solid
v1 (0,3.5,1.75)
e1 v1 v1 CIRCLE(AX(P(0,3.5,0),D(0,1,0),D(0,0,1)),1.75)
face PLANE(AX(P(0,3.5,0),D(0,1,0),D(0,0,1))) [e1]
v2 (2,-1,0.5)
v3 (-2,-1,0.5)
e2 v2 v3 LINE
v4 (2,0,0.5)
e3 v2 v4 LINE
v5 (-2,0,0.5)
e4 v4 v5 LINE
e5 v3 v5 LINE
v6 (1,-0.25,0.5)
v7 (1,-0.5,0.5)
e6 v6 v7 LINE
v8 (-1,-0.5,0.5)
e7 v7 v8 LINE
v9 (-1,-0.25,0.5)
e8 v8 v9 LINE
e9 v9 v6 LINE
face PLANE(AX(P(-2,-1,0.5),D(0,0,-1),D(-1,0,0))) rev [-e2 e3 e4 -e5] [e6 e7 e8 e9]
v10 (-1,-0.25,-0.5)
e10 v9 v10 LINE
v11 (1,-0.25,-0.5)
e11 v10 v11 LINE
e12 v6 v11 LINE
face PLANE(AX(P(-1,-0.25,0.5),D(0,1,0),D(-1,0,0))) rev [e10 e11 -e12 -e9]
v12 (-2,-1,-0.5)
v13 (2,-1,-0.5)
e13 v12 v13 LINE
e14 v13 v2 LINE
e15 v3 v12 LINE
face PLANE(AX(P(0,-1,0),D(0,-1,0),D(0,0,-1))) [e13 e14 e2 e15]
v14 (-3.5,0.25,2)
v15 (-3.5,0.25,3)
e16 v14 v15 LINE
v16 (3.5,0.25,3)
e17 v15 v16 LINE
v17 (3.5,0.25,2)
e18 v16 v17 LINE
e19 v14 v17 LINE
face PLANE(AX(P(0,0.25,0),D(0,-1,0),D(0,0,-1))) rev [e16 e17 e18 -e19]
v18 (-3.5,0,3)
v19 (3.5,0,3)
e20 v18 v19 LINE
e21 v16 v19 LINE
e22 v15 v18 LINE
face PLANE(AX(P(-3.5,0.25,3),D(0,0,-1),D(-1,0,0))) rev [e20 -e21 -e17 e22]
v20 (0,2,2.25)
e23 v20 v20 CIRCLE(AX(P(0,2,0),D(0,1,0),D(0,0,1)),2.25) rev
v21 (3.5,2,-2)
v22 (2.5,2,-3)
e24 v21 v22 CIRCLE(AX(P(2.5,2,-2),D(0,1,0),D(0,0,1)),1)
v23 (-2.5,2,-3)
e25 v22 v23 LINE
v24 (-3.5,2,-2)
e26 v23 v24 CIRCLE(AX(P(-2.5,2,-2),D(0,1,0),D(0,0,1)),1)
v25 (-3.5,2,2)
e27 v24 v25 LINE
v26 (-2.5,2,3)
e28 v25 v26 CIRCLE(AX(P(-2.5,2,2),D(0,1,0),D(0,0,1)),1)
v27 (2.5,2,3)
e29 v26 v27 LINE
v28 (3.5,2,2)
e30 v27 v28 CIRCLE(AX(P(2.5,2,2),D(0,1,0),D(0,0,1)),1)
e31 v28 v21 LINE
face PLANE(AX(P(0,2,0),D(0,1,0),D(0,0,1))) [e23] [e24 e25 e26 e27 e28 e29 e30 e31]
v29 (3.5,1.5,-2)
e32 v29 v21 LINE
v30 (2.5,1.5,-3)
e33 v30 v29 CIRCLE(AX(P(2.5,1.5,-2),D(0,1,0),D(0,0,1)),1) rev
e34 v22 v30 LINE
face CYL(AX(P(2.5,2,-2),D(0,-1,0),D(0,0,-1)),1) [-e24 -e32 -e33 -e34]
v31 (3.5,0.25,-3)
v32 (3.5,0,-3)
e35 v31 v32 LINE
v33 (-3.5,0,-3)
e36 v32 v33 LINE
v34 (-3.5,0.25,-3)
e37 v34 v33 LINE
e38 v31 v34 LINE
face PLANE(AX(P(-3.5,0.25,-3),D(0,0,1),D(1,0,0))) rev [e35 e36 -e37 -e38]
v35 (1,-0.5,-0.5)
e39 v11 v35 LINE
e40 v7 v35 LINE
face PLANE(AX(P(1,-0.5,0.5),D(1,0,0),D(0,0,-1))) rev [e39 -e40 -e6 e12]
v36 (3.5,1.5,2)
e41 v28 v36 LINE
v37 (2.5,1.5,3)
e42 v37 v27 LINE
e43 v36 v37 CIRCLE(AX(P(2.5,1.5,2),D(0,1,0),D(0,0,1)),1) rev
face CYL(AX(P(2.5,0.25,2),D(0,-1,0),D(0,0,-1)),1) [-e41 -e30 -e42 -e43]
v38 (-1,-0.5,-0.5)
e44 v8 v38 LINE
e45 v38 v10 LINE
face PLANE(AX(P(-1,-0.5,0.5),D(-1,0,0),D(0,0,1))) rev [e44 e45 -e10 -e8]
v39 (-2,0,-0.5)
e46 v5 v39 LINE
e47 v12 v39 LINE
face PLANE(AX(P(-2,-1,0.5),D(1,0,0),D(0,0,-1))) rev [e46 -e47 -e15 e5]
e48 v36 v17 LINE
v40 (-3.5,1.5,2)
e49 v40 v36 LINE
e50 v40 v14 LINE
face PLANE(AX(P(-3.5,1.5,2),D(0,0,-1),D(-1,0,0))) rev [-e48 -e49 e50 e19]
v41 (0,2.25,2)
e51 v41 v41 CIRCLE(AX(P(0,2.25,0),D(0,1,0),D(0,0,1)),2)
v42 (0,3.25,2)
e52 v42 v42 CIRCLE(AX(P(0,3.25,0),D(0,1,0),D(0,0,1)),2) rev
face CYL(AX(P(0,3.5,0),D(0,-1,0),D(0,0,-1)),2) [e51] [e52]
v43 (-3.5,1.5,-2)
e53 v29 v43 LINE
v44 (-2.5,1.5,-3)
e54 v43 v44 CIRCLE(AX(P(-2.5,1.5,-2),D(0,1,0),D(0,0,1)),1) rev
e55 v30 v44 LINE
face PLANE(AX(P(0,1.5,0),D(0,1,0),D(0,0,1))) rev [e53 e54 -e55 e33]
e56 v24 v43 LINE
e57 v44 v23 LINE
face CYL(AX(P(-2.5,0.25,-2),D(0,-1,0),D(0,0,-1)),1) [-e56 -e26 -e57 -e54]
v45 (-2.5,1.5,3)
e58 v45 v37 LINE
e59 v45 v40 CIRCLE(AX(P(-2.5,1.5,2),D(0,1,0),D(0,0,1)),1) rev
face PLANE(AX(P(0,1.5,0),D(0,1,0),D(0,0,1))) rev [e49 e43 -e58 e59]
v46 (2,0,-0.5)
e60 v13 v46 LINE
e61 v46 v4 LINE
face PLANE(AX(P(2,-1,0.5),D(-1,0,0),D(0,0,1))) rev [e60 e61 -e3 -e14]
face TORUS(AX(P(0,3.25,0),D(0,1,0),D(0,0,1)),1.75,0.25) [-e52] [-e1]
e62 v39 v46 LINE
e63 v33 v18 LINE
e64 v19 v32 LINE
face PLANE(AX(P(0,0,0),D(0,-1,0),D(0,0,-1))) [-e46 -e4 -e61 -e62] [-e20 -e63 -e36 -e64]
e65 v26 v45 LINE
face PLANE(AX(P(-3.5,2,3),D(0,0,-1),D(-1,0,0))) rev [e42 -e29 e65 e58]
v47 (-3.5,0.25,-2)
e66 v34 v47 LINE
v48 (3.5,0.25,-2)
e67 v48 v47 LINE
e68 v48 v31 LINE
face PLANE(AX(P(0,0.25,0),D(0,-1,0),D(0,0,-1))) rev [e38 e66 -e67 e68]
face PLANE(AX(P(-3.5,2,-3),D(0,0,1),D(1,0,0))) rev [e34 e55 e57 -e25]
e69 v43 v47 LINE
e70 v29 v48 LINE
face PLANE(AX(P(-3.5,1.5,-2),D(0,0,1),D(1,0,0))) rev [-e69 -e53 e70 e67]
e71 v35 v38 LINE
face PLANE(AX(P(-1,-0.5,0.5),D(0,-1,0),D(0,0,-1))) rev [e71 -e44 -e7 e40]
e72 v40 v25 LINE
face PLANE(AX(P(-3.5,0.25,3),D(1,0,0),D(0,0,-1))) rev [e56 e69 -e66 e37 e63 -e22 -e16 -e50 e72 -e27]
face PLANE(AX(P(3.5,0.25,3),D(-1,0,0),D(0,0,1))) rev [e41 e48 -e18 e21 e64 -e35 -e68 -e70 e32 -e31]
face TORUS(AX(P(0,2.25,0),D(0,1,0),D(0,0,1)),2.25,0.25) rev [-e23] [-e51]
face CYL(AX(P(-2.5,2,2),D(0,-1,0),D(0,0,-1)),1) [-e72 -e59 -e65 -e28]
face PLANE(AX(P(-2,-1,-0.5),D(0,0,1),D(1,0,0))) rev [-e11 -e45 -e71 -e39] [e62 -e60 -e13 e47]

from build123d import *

# Parameters (mm, degrees)
SZKIC1_W                    = 7
SZKIC1_H                    = 6
DODANIE_WYCI_GNI_CIE1_DEPTH = 0.25
SZKIC2_W                    = 7
SZKIC2_H                    = 4
DODANIE_WYCI_GNI_CIE2_DEPTH = 1.25
SZKIC3_W                    = 7
SZKIC3_H                    = 6
DODANIE_WYCI_GNI_CIE3_DEPTH = 0.5
SZKIC4_R                    = 2
DODANIE_WYCI_GNI_CIE4_DEPTH = 1.5
ZAOKR_GLENIE1_R             = 0.25
ZAOKR_GLENIE2_R             = 1
SZKIC5_W                    = 4
SZKIC5_H                    = 1
DODANIE_WYCI_GNI_CIE5_DEPTH = 1
SZKIC6_W                    = 2
SZKIC6_H                    = 0.25
WYTNIJ_WYCI_GNI_CIE1_DEPTH  = 1


with BuildPart() as part:
    # Szkic1 → Dodanie-wyciągnięcie1 (new body)
    with BuildSketch(Plane(origin=(0, 0, 0), x_dir=(1, 0, 0), z_dir=(0, 1, 0))):
        Rectangle(SZKIC1_W, SZKIC1_H)
    extrude(amount=DODANIE_WYCI_GNI_CIE1_DEPTH)

    # Szkic2 → Dodanie-wyciągnięcie2 (add)
    with BuildSketch(Plane(origin=(0, 0.25, 0), x_dir=(1, 0, 0), z_dir=(0, 1, 0))):
        Rectangle(SZKIC2_W, SZKIC2_H)
    extrude(amount=DODANIE_WYCI_GNI_CIE2_DEPTH)

    # Szkic3 → Dodanie-wyciągnięcie3 (add)
    with BuildSketch(Plane(origin=(0, 1.5, 0), x_dir=(1, 0, 0), z_dir=(0, 1, 0))):
        Rectangle(SZKIC3_W, SZKIC3_H)
    extrude(amount=DODANIE_WYCI_GNI_CIE3_DEPTH)

    # Szkic4 → Dodanie-wyciągnięcie4 (add)
    with BuildSketch(Plane(origin=(0, 2, 0), x_dir=(1, 0, 0), z_dir=(0, 1, 0))):
        with Locations(Location((0, 0, 0), (0, 0, 270))):
            Circle(SZKIC4_R)
    extrude(amount=DODANIE_WYCI_GNI_CIE4_DEPTH)

    # Zaokrąglenie1
    zaokr_glenie1_edges = [part.edges().sort_by_distance(p)[0] for p in [
        (0, 2, -2),
        (0, 3.5, -2),
    ]]
    fillet(zaokr_glenie1_edges, radius=ZAOKR_GLENIE1_R)

    # Zaokrąglenie2
    zaokr_glenie2_edges = [part.edges().sort_by_distance(p)[0] for p in [
        (-3.5, 1.75, -3),
        (3.5, 1.75, -3),
        (3.5, 1.75, 3),
        (-3.5, 1.75, 3),
    ]]
    fillet(zaokr_glenie2_edges, radius=ZAOKR_GLENIE2_R)

    # Szkic5 → Dodanie-wyciągnięcie5 (add)
    with BuildSketch(Plane.XZ):
        Rectangle(SZKIC5_W, SZKIC5_H)
    extrude(amount=DODANIE_WYCI_GNI_CIE5_DEPTH)

    # Szkic6 → Wytnij-wyciągnięcie1 (cut)
    with BuildSketch(Plane(origin=(0, 0, -0.5), x_dir=(-1, 0, 0), z_dir=(0, 0, -1))):
        with Locations((0, -0.375)):
            Rectangle(SZKIC6_W, SZKIC6_H)
    extrude(amount=-WYTNIJ_WYCI_GNI_CIE1_DEPTH, mode=Mode.SUBTRACT)


solid = part.part
